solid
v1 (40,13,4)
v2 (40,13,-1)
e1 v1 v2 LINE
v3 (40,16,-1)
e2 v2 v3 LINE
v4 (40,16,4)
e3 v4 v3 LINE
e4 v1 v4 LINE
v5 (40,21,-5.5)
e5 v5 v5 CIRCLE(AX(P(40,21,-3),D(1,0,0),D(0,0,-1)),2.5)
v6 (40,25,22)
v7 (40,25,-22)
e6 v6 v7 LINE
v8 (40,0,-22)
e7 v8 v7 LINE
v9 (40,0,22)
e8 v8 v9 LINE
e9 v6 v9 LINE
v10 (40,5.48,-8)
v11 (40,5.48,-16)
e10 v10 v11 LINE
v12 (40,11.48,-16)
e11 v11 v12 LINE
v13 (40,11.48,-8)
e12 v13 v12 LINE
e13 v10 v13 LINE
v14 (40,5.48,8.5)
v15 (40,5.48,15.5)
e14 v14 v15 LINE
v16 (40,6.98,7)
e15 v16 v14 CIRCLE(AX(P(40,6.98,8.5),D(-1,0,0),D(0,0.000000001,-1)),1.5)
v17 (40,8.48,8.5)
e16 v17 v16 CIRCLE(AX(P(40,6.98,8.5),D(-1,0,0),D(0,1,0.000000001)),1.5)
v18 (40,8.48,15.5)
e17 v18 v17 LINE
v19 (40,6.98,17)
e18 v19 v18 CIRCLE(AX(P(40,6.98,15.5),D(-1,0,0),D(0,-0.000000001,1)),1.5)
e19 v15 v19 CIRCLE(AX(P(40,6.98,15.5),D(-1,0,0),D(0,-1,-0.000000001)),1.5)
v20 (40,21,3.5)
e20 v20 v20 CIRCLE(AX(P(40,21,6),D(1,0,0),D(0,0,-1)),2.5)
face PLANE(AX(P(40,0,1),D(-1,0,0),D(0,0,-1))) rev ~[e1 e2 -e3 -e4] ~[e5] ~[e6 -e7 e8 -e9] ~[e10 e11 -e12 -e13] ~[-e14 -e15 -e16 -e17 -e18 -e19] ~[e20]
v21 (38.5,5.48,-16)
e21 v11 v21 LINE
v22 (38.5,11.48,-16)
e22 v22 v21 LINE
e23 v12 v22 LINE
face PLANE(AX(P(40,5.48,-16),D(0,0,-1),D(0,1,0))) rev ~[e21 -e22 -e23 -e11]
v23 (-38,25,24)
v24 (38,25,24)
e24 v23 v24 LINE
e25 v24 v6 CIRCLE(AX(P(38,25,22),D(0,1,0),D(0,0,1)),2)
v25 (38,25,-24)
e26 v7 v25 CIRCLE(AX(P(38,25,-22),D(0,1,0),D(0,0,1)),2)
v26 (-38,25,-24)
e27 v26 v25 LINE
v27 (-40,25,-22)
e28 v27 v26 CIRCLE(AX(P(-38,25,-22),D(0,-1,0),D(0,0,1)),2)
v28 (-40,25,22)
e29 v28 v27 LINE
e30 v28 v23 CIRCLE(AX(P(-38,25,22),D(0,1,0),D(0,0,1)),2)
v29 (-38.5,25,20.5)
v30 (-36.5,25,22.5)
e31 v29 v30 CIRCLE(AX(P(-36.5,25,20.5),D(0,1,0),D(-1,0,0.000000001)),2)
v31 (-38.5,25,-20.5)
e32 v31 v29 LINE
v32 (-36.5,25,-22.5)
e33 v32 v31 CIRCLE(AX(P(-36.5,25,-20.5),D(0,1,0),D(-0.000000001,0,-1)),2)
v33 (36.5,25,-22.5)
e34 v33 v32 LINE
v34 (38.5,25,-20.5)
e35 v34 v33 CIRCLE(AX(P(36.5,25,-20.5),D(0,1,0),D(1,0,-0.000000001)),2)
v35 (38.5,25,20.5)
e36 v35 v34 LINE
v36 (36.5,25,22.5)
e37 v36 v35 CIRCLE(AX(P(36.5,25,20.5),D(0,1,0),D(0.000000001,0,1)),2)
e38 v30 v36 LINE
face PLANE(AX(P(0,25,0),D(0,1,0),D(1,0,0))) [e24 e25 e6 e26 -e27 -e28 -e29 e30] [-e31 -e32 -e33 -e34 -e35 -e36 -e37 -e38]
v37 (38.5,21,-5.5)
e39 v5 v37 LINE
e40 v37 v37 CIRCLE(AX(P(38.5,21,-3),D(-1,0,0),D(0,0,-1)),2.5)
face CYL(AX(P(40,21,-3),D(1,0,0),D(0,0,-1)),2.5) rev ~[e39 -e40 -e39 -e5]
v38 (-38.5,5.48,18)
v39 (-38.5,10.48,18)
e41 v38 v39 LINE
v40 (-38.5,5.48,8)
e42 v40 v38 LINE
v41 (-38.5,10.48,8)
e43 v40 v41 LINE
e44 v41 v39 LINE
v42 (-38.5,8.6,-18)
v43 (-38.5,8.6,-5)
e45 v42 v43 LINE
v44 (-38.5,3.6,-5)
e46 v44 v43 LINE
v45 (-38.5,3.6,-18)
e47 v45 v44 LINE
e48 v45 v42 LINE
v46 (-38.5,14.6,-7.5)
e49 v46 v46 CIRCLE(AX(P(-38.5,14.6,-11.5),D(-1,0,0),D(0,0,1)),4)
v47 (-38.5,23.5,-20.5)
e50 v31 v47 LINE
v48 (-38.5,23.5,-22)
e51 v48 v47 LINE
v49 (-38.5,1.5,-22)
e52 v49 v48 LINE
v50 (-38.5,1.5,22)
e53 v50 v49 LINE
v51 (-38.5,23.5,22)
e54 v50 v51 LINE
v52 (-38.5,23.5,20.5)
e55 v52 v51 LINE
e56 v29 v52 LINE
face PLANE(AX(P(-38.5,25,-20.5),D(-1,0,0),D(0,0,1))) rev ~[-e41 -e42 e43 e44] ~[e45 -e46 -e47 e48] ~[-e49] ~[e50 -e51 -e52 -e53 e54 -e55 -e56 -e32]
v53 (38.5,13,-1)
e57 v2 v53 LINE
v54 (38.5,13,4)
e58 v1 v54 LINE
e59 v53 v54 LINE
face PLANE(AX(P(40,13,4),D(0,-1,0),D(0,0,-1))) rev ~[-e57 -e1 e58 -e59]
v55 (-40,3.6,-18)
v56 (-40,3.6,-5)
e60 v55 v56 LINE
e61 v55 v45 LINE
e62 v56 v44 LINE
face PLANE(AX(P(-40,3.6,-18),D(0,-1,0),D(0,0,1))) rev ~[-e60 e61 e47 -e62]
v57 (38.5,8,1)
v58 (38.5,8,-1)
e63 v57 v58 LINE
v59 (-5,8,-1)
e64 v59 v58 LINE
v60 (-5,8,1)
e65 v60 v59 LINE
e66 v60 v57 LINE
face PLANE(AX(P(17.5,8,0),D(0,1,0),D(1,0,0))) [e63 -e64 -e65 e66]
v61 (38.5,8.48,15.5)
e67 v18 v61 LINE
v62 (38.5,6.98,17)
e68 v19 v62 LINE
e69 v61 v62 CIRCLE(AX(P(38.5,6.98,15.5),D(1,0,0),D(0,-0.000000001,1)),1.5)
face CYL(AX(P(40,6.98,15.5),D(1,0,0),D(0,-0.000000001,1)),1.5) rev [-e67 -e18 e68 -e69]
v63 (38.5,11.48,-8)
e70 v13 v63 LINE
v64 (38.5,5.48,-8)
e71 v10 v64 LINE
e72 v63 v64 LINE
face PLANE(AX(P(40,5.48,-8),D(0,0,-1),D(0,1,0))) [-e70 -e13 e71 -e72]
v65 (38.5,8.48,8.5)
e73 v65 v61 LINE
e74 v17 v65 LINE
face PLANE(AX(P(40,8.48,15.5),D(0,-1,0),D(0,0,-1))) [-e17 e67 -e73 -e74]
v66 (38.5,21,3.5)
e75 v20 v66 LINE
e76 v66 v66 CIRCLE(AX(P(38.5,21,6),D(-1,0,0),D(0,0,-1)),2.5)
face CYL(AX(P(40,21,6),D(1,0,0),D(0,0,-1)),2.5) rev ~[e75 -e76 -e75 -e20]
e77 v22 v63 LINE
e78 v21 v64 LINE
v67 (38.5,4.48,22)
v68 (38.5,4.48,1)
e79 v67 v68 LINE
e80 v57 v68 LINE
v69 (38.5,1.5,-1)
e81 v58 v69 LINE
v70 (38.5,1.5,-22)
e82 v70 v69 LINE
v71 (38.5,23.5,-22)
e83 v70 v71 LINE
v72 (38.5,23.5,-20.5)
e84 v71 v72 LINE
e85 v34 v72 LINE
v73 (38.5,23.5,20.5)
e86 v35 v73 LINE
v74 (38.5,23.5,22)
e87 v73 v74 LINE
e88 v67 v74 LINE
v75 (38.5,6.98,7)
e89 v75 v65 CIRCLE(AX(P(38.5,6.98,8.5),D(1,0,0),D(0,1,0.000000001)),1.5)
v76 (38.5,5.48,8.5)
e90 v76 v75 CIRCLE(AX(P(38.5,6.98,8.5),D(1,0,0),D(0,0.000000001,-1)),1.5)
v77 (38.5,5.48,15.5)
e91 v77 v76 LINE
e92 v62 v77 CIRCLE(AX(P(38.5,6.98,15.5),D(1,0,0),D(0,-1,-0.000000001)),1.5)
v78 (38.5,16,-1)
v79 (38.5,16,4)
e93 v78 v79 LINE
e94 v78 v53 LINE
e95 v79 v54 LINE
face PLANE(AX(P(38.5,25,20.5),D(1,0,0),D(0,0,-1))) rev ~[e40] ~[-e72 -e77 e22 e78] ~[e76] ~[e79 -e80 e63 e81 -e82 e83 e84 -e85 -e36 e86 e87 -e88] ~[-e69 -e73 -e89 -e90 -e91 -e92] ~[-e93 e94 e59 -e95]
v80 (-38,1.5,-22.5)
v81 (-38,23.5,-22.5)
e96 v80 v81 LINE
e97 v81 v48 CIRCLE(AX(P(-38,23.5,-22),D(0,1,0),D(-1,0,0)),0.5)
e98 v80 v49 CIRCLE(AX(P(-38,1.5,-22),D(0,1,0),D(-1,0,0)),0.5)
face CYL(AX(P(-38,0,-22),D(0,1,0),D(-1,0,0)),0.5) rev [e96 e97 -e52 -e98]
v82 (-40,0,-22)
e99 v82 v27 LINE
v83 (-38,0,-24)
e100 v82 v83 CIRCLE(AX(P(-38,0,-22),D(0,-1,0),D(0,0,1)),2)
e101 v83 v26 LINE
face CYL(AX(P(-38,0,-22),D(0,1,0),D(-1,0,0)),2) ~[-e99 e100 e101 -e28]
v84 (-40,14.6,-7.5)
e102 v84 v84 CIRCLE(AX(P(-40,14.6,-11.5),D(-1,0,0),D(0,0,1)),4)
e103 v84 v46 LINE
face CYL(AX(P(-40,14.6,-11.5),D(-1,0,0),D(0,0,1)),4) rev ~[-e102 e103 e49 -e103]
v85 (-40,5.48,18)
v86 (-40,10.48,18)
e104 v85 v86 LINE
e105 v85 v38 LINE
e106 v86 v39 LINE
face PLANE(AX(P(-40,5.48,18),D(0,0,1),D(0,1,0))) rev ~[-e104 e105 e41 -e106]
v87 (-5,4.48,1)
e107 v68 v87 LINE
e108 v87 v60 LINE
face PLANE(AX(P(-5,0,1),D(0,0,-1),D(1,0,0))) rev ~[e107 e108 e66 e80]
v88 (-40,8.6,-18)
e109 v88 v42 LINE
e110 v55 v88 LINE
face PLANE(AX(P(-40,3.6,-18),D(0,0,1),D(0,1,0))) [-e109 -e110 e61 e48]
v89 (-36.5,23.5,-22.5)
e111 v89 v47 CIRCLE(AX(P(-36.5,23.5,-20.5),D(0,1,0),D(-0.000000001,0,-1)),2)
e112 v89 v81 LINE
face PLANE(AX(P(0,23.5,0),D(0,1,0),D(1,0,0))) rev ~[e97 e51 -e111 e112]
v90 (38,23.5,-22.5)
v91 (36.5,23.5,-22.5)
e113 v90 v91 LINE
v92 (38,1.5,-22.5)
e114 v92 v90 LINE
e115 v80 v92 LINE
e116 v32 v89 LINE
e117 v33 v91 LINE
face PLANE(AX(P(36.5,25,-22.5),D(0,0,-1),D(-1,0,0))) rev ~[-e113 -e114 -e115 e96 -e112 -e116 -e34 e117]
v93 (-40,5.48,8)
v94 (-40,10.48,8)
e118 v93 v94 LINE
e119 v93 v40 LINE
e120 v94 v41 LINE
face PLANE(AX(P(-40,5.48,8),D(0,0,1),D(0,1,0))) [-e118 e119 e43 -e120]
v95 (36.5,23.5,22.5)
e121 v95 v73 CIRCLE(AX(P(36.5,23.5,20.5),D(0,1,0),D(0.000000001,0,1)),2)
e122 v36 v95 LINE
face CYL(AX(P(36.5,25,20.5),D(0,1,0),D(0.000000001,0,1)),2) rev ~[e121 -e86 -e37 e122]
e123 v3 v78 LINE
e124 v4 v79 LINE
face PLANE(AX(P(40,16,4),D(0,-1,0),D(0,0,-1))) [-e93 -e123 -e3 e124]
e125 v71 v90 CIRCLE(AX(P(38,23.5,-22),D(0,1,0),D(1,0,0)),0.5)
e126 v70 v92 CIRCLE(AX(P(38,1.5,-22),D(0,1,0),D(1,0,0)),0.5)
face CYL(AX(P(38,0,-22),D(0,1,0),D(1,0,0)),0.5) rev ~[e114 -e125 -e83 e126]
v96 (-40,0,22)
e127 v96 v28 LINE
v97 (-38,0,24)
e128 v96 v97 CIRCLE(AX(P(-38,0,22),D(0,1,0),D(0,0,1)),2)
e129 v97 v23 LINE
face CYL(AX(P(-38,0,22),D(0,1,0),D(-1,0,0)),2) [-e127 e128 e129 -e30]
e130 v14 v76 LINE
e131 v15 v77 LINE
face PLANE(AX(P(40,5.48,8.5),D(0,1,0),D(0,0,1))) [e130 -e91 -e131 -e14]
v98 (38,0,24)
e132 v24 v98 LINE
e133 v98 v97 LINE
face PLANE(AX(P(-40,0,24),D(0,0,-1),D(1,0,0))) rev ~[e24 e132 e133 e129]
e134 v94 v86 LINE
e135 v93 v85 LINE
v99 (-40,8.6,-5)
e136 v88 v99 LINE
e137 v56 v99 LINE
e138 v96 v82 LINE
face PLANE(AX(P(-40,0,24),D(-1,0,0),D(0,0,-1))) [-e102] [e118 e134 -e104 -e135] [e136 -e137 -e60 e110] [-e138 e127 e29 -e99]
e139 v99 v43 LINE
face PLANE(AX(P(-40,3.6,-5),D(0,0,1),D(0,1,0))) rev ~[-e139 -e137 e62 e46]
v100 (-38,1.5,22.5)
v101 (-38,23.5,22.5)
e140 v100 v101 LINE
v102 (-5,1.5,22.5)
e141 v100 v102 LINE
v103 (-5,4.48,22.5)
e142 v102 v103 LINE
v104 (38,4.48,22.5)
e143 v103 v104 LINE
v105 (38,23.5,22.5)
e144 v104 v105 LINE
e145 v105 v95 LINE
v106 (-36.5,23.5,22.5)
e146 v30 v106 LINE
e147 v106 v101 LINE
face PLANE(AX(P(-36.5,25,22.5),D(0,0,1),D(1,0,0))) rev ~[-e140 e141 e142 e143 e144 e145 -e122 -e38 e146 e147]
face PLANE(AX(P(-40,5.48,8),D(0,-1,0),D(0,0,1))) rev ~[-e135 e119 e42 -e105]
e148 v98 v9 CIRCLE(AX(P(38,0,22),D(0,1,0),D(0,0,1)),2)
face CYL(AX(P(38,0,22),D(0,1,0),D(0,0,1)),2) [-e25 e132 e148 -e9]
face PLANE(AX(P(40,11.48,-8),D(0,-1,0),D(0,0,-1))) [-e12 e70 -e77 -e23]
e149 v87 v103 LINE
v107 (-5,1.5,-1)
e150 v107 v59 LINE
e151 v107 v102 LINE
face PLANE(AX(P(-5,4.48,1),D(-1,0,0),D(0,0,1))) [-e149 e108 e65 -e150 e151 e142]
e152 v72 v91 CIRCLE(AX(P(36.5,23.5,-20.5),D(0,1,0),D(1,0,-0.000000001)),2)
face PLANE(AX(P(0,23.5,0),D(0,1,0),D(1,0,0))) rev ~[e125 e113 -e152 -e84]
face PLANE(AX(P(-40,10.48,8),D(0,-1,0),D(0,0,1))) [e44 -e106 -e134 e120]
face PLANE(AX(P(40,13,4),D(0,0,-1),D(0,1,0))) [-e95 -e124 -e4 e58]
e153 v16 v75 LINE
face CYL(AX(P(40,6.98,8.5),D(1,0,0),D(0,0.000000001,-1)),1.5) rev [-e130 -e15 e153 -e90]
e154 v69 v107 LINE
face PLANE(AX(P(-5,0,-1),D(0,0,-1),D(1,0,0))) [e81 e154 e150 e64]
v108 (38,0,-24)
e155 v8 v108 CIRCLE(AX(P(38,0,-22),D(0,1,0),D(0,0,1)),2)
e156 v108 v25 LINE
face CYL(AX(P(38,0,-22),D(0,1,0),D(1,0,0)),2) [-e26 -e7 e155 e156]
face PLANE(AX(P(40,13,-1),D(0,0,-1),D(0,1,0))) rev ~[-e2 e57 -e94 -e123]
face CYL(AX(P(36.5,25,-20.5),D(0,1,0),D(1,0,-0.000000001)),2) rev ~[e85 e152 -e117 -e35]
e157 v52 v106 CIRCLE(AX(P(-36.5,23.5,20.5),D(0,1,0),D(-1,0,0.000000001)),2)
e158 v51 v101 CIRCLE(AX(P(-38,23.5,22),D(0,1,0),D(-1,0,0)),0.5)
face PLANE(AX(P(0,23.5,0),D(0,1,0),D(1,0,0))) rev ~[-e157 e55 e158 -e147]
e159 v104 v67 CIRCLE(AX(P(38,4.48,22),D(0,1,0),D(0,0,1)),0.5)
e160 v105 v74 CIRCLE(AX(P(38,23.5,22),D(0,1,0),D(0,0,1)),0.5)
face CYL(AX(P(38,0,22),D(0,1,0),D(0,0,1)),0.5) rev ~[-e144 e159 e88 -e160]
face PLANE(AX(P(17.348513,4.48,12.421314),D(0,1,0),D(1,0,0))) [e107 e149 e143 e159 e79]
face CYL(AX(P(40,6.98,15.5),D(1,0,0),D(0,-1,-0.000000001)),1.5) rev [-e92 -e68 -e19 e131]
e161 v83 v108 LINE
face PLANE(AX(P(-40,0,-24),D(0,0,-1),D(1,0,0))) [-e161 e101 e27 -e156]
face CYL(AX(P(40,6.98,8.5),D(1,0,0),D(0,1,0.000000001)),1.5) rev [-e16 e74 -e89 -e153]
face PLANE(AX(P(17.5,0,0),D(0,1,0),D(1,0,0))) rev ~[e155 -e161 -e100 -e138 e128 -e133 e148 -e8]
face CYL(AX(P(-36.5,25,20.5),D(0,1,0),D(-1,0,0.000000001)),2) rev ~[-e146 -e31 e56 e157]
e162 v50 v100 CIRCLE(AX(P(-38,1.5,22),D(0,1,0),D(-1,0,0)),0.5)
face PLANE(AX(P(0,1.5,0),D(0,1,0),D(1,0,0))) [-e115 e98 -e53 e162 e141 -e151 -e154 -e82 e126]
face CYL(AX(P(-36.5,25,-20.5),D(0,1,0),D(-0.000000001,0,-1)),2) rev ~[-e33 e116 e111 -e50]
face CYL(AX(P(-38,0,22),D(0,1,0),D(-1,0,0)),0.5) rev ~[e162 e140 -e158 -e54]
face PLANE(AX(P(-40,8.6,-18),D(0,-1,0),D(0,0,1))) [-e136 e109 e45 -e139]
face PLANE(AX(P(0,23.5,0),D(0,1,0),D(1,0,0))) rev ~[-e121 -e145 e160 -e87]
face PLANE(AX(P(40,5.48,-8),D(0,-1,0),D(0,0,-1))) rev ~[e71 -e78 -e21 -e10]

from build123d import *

# Parameters (mm, degrees)
SKETCH_3_W           = 80
SKETCH_3_H           = 48
EXTRUDE_1_DEPTH      = 25
FILLET_1_R           = 2
SHELL_1_T            = 1.5
SKETCH_5_W           = 45
SKETCH_5_H           = 2
EXTRUDE_2_DEPTH      = 8
EXTRUDE_START        = 4.48
EXTRUDE_3_DEPTH      = 4.48
SKETCH_8_W           = 8
SKETCH_8_H           = 6
CUT_EXTRUDE_2_DEPTH  = 4.03
CUT_EXTRUDE_3_DEPTH  = 4.03
SKETCH_11_W          = 13
SKETCH_11_H          = 5
CUT_EXTRUDE_4_DEPTH  = 4.03
SKETCH_12_W          = 5
SKETCH_12_H          = 3
CUT_EXTRUDE_5_DEPTH  = 4.03
SKETCH_13_R          = 2.5
CUT_EXTRUDE_6_DEPTH  = 4.03
SKETCH_14_R          = 4
CUT_EXTRUDE_7_DEPTH  = 4.03
CUT_EXTRUDE_12_DEPTH = 4.03
SKETCH_16_W          = 10
SKETCH_16_H          = 5
CUT_EXTRUDE_13_DEPTH = 4.03


with BuildPart() as part:
    # Эскиз3 → Бобышка-Вытянуть1 (new body)
    with BuildSketch(Plane(origin=(0, 0, 0), x_dir=(1, 0, 0), z_dir=(0, 1, 0))):
        Rectangle(SKETCH_3_W, SKETCH_3_H)
    extrude(amount=EXTRUDE_1_DEPTH)

    # Скругление1
    fillet_1_edges = [part.edges().sort_by_distance(p)[0] for p in [
        (40, 12.5, -24),
        (40, 12.5, 24),
        (-40, 12.5, 24),
        (-40, 12.5, -24),
    ]]
    fillet(fillet_1_edges, radius=FILLET_1_R)

    # Оболочка1 (no face opened: a closed hollow body)
    add(offset(amount=-SHELL_1_T, mode=Mode.PRIVATE), mode=Mode.SUBTRACT)

    # Эскиз5 → Бобышка-Вытянуть2 (add)
    with BuildSketch(Plane(origin=(0, 0, 0), x_dir=(1, 0, 0), z_dir=(0, 1, 0))):
        with Locations((17.5, 0)):
            Rectangle(SKETCH_5_W, SKETCH_5_H)
    extrude(amount=EXTRUDE_2_DEPTH)

    # Эскиз7 → Бобышка-Вытянуть3 (add)
    with BuildSketch(Plane(origin=(0, 0, 0), x_dir=(1, 0, 0), z_dir=(0, 1, 0)).offset(EXTRUDE_START)):
        with BuildLine():
            Line((40, -1), (-5, -1))
            Line((-5, -1), (-5, -24))
            Line((-5, -24), (38, -24))
            ThreePointArc((38, -24), (39.414213562, -23.414213562), (40, -22))
            Line((40, -22), (40, -1))
        make_face()
    extrude(amount=-EXTRUDE_3_DEPTH)

    # Эскиз8 → Вырез-Вытянуть2 (cut)
    with BuildSketch(Plane(origin=(40, 0, 0), x_dir=(0, 0, -1), z_dir=(1, 0, 0))):
        with Locations((12, 8.48)):
            Rectangle(SKETCH_8_W, SKETCH_8_H)
    extrude(amount=-CUT_EXTRUDE_2_DEPTH, mode=Mode.SUBTRACT)

    # Эскиз8<4> → Вырез-Вытянуть3 (cut)
    with BuildSketch(Plane(origin=(40, 0, 0), x_dir=(0, 0, -1), z_dir=(1, 0, 0))):
        with BuildLine():
            Line((-15.5, 5.48), (-8.5, 5.48))
            ThreePointArc((-8.5, 5.48), (-7.439339828, 5.919339828), (-7, 6.98))
            ThreePointArc((-7, 6.98), (-7.439339828, 8.040660172), (-8.5, 8.48))
            Line((-8.5, 8.48), (-15.5, 8.48))
            ThreePointArc((-15.5, 8.48), (-16.560660172, 8.040660172), (-17, 6.98))
            ThreePointArc((-17, 6.98), (-16.560660172, 5.919339828), (-15.5, 5.48))
        make_face()
    extrude(amount=-CUT_EXTRUDE_3_DEPTH, mode=Mode.SUBTRACT)

    # Эскиз11 → Вырез-Вытянуть4 (cut)
    with BuildSketch(Plane.ZY.offset(40)):
        with Locations((-11.5, 6.1)):
            Rectangle(SKETCH_11_W, SKETCH_11_H)
    extrude(amount=-CUT_EXTRUDE_4_DEPTH, mode=Mode.SUBTRACT)

    # Эскиз12 → Вырез-Вытянуть5 (cut)
    with BuildSketch(Plane(origin=(40, 0, 0), x_dir=(0, 0, -1), z_dir=(1, 0, 0))):
        with Locations((-1.5, 14.5)):
            Rectangle(SKETCH_12_W, SKETCH_12_H)
    extrude(amount=-CUT_EXTRUDE_5_DEPTH, mode=Mode.SUBTRACT)

    # Эскиз13 → Вырез-Вытянуть6 (cut)
    with BuildSketch(Plane(origin=(40, 0, 0), x_dir=(0, 0, -1), z_dir=(1, 0, 0))):
        with Locations((3, 21)):
            Circle(SKETCH_13_R)
        with Locations((-6, 21)):
            Circle(SKETCH_13_R)
    extrude(amount=-CUT_EXTRUDE_6_DEPTH, mode=Mode.SUBTRACT)

    # Эскиз14 → Вырез-Вытянуть7 (cut)
    with BuildSketch(Plane.ZY.offset(40)):
        with Locations((-11.5, 14.6)):
            Circle(SKETCH_14_R)
    extrude(amount=-CUT_EXTRUDE_7_DEPTH, mode=Mode.SUBTRACT)

    # Эскиз15 → Вырез-Вытянуть12 (cut)
    with BuildSketch(Plane(origin=(0, 25, 0), x_dir=(1, 0, 0), z_dir=(0, 1, 0))):
        with BuildLine():
            Line((38.5, -20.5), (38.5, 20.5))
            ThreePointArc((38.5, 20.5), (37.914213562, 21.914213562), (36.5, 22.5))
            Line((36.5, 22.5), (-36.5, 22.5))
            ThreePointArc((-36.5, 22.5), (-37.914213562, 21.914213562), (-38.5, 20.5))
            Line((-38.5, 20.5), (-38.5, -20.5))
            ThreePointArc((-38.5, -20.5), (-37.914213562, -21.914213562), (-36.5, -22.5))
            Line((-36.5, -22.5), (36.5, -22.5))
            ThreePointArc((36.5, -22.5), (37.914213562, -21.914213562), (38.5, -20.5))
        make_face()
    extrude(amount=-CUT_EXTRUDE_12_DEPTH, mode=Mode.SUBTRACT)

    # Эскиз16 → Вырез-Вытянуть13 (cut)
    with BuildSketch(Plane.ZY.offset(40)):
        with Locations((13, 7.98)):
            Rectangle(SKETCH_16_W, SKETCH_16_H)
    extrude(amount=-CUT_EXTRUDE_13_DEPTH, mode=Mode.SUBTRACT)


solid = part.part
